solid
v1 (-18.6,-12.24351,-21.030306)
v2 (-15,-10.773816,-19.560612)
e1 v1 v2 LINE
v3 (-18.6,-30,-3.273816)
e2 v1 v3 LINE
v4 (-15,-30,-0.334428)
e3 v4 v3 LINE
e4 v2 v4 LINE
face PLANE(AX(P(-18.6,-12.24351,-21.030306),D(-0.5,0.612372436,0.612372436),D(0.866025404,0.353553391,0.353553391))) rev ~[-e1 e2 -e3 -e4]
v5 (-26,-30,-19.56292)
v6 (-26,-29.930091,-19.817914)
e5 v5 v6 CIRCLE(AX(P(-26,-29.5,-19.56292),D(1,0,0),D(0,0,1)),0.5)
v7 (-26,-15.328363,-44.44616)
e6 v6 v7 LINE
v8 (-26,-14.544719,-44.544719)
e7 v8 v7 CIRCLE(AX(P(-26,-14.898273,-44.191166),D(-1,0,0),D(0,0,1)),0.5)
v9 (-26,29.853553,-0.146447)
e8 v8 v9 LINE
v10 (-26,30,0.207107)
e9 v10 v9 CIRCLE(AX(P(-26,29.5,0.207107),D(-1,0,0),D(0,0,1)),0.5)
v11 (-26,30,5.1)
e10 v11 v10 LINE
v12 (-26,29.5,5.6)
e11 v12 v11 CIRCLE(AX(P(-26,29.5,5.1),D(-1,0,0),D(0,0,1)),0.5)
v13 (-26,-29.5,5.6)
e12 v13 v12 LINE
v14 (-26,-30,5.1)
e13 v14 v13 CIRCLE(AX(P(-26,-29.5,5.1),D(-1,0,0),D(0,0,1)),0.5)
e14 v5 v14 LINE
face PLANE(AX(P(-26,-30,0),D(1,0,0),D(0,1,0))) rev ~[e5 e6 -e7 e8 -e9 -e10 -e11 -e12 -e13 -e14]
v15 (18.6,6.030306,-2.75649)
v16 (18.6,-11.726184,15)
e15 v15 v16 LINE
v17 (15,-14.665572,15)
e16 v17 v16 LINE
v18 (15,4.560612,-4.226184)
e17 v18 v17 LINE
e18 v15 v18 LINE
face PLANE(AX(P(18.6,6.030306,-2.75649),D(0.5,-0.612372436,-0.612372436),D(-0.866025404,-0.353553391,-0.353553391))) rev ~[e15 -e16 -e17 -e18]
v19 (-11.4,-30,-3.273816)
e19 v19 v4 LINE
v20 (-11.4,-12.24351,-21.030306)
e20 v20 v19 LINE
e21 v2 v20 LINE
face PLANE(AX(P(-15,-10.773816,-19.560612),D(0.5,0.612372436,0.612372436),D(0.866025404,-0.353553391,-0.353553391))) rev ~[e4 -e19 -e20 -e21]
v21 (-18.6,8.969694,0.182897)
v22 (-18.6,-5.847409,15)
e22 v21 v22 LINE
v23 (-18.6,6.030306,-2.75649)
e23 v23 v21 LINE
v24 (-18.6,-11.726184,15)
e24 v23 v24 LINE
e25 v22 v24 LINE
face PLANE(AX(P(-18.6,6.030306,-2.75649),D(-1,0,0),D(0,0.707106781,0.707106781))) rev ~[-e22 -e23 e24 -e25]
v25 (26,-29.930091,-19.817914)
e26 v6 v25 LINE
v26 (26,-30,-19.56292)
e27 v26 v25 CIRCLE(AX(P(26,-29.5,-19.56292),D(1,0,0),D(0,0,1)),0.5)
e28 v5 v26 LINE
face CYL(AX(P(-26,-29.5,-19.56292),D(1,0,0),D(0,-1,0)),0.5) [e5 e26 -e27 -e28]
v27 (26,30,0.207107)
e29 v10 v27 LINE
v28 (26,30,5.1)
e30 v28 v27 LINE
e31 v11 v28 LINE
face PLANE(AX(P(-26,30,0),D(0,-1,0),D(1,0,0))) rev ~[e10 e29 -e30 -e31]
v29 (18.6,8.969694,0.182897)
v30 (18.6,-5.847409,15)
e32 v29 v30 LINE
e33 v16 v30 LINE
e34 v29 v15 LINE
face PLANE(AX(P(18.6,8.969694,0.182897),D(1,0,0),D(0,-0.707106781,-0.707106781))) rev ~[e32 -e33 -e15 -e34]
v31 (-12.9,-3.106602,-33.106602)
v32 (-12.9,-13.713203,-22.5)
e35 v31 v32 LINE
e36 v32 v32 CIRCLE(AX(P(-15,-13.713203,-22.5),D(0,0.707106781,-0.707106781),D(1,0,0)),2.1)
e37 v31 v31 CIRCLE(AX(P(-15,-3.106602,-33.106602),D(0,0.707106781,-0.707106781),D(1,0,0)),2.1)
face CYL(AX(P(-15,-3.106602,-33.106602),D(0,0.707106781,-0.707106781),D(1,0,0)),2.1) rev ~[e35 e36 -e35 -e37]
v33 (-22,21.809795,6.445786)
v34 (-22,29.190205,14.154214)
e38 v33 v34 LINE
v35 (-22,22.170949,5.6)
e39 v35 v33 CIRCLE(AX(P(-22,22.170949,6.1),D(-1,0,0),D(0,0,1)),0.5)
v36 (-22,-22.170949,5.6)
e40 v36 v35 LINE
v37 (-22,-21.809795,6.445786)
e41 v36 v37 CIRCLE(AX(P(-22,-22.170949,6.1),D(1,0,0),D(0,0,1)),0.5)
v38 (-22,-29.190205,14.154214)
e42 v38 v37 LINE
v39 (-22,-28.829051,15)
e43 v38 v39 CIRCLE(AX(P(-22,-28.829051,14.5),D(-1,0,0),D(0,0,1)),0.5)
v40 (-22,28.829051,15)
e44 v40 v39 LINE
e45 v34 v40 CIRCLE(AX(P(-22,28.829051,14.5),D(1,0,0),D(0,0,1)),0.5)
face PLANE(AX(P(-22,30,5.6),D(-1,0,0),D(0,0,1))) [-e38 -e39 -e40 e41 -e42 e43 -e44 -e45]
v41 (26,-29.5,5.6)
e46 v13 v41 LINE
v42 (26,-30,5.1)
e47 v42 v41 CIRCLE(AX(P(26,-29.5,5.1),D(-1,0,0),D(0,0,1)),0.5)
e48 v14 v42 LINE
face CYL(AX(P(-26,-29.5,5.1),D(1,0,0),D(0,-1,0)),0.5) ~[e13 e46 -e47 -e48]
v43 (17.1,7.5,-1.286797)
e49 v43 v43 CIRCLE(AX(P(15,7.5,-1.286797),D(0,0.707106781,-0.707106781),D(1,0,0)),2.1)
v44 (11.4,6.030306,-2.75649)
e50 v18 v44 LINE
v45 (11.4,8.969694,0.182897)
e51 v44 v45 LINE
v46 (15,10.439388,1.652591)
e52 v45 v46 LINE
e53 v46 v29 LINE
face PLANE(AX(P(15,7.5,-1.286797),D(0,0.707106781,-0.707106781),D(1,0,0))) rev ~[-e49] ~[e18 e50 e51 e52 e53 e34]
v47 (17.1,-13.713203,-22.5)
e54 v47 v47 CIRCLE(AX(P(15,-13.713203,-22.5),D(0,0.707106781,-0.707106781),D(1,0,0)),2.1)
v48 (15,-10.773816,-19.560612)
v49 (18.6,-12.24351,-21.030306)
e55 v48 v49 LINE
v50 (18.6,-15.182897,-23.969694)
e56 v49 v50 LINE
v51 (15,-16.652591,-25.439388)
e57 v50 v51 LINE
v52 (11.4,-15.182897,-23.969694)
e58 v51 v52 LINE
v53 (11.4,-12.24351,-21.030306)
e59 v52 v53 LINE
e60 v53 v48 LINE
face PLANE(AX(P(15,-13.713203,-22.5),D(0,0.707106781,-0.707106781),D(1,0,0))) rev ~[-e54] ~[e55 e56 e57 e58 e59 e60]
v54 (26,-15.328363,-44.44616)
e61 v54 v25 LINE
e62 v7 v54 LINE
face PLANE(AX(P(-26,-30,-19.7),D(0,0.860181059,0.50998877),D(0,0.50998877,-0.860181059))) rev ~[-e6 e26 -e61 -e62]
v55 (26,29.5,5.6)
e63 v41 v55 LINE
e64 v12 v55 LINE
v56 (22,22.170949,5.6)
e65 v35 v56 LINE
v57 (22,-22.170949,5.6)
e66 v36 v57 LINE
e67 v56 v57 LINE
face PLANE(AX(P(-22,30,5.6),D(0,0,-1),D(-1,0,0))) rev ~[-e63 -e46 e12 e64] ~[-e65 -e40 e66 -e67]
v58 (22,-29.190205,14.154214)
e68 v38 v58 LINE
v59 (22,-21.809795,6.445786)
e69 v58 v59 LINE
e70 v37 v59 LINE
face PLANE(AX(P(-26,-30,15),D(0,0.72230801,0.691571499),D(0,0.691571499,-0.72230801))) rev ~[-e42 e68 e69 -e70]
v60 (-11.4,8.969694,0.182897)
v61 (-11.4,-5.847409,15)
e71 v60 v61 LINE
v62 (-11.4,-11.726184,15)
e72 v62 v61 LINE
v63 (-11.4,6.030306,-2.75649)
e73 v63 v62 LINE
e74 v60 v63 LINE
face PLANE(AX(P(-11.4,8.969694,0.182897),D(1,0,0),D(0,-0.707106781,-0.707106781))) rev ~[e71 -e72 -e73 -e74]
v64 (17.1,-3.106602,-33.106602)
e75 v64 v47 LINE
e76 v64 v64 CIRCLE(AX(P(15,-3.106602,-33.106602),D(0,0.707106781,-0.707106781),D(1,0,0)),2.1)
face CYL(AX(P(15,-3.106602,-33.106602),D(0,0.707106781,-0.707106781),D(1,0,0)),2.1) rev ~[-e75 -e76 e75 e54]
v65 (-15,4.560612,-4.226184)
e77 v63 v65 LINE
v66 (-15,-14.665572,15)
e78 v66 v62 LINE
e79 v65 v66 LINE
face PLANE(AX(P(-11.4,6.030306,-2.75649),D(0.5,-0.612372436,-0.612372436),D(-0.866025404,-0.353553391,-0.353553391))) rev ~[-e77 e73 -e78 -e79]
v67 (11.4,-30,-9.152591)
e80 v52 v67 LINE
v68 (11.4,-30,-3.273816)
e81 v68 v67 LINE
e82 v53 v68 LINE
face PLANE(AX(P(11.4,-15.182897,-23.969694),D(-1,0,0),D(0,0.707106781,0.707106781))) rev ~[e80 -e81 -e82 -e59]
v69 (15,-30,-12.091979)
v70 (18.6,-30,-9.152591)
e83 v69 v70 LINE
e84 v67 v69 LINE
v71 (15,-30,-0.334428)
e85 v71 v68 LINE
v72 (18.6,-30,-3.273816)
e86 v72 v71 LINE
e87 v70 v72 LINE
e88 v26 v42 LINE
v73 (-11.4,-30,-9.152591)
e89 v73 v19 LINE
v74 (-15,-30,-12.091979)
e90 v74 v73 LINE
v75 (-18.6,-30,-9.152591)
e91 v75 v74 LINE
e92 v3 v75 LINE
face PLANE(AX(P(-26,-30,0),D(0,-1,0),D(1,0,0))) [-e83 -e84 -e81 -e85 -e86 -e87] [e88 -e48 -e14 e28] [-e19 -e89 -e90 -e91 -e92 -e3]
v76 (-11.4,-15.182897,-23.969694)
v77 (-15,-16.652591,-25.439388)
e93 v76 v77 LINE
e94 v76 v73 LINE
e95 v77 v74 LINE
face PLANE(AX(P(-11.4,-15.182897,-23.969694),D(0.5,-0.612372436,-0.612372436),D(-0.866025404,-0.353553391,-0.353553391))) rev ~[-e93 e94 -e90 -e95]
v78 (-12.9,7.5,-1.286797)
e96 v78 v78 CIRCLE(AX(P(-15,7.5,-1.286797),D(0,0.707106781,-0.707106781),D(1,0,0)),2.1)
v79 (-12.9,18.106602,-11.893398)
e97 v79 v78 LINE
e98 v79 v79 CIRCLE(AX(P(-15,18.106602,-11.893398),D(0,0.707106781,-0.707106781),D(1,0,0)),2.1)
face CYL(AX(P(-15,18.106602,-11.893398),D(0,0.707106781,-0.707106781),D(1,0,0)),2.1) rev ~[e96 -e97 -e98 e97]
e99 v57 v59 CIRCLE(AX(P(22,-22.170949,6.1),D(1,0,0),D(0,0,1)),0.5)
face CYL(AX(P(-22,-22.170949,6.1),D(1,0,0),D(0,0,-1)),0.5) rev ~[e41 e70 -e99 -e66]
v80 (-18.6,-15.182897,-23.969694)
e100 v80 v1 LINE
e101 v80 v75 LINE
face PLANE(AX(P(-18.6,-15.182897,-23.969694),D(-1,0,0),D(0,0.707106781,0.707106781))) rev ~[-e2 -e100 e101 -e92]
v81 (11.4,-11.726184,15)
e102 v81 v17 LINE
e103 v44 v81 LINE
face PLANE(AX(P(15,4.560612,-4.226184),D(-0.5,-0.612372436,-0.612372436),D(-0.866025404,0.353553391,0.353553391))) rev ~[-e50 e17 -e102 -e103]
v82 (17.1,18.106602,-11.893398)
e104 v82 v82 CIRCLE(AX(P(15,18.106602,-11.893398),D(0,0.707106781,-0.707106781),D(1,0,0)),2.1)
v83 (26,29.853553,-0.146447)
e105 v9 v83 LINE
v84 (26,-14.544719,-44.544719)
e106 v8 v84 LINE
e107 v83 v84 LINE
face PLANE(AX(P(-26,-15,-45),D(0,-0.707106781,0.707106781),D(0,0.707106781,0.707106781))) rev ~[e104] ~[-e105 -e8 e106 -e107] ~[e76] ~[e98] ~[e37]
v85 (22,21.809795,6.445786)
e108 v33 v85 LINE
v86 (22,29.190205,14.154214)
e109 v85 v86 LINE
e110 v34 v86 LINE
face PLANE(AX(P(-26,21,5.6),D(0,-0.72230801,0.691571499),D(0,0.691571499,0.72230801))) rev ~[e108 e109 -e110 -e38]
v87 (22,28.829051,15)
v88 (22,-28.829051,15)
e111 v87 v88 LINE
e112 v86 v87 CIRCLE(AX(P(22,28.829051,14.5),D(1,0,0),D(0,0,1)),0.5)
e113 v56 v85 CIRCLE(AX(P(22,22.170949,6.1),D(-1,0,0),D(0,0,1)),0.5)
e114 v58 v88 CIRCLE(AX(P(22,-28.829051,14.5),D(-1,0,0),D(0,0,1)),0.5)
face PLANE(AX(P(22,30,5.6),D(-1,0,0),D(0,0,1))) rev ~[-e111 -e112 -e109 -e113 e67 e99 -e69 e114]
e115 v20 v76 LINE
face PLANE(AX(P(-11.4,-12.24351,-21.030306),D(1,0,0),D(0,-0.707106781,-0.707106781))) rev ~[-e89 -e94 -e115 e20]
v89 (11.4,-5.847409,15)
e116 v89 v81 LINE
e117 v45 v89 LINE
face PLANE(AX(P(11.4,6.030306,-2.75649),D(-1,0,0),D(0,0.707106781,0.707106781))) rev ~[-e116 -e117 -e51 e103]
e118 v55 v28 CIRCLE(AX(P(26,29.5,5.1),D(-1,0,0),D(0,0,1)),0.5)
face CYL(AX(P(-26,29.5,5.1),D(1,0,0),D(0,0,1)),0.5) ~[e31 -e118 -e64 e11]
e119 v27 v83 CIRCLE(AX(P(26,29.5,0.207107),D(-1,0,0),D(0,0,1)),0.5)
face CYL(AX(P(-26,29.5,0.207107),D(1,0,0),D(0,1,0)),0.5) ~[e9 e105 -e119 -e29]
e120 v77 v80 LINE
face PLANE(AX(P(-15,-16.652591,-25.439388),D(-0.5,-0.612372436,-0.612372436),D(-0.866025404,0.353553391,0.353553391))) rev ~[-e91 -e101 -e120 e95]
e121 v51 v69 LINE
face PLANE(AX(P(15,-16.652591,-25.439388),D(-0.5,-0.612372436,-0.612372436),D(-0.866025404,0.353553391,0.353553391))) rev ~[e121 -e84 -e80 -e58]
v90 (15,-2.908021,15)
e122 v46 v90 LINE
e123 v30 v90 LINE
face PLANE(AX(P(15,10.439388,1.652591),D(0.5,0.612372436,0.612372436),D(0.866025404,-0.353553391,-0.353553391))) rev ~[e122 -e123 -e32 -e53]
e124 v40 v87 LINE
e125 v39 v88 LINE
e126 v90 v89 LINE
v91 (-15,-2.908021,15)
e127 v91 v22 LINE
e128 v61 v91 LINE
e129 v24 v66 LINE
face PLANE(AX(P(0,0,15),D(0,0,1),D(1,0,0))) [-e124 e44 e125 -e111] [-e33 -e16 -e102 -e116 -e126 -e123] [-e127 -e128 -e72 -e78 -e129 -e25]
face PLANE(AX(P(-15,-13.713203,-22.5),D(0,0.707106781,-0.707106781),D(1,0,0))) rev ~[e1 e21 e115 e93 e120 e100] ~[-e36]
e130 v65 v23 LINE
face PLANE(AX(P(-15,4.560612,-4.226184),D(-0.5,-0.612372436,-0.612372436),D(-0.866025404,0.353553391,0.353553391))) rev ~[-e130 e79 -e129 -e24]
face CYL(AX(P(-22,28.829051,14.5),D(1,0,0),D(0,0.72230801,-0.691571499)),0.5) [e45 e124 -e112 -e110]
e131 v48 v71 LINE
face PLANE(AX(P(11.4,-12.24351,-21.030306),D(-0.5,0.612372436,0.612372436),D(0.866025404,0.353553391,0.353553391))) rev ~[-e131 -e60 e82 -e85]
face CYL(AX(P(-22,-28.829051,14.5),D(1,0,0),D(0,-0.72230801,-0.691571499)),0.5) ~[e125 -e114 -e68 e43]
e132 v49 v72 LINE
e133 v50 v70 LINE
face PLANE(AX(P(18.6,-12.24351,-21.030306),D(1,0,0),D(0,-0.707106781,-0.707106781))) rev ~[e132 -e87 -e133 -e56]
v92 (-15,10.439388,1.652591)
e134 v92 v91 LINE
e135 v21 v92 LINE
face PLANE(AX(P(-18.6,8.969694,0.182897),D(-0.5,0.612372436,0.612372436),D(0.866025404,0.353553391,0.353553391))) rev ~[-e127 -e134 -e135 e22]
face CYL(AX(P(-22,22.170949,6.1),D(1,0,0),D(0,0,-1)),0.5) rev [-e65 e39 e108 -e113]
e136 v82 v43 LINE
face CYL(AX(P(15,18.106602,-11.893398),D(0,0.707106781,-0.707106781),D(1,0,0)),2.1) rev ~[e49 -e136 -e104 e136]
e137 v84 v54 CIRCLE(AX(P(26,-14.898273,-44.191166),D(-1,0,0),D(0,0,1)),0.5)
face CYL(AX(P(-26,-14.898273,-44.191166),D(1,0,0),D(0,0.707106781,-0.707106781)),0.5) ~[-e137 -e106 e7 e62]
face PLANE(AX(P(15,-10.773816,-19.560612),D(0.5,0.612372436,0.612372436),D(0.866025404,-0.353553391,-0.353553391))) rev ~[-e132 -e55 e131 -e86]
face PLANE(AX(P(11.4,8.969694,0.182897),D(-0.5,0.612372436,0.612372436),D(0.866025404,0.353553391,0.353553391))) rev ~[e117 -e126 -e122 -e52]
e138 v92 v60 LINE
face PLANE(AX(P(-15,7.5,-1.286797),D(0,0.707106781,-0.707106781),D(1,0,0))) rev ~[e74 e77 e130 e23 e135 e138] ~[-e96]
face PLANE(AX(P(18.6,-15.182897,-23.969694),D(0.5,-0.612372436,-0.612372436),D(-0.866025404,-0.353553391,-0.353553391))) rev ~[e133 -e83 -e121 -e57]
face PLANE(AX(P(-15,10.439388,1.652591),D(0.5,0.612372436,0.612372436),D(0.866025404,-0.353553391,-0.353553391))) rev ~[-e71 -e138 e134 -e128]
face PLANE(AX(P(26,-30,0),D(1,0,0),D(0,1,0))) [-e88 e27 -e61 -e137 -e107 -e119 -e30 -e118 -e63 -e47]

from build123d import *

# Parameters (mm, degrees)
F0_W      = 52
F0_H      = 60
F1_DEPTH  = 15
F3_W      = 4
F3_H      = 9.4
F4_DEPTH  = 60
F5_DEPTH  = 56.9
F6_DEPTH  = 45
F8_DEPTH  = 63.8
F9_R      = 2.1
F10_DEPTH = 101.4
F11_START = -15
F11_DEPTH = 49.6
F13_DEPTH = 115.6
F14_R     = 0.5


with BuildPart() as f1:
    # F0 (on Top) → F1 (new body)
    with BuildSketch(Plane.XY):
        Rectangle(F0_W, F0_H)
    extrude(amount=F1_DEPTH)

    # F3 (on face) → F4 (cut, through all)
    with BuildSketch(Plane(origin=(0, 30, 0), x_dir=(-1, 0, 0), z_dir=(0, 1, 0))):
        with Locations((-24, 10.3)):
            Rectangle(F3_W, F3_H)
        with Locations((24, 10.3)):
            Rectangle(F3_W, F3_H)
    extrude(amount=-F4_DEPTH, mode=Mode.SUBTRACT)

    # F2 (on face) → F5 (cut)
    with BuildSketch(Plane(origin=(-26, 0, 0), x_dir=(0, -1, 0), z_dir=(-1, 0, 0))):
        Polygon((-21, 5.6), (-30, 15), (-30, 5.6), align=None)
        Polygon((30, 5.6), (30, 15), (21, 5.6), align=None)
    extrude(amount=-F5_DEPTH, mode=Mode.SUBTRACT)

    # F6 (add): a face of the model
    f6_faces = [f1.faces().sort_by_distance(p)[0] for p in [
        (0, 0, 0),
    ]]
    extrude(f6_faces, amount=F6_DEPTH)

    # F7 (on face) → F8 (cut)
    with BuildSketch(Plane(origin=(-26, 0, 0), x_dir=(0, -1, 0), z_dir=(-1, 0, 0))):
        Polygon((15, -45), (-30, 0), (-30, -45), align=None)
    extrude(amount=-F8_DEPTH, mode=Mode.SUBTRACT)

    # F9 (on face) → F10 (cut)
    with BuildSketch(Plane(origin=(0, 15, -15), x_dir=(1, 0, 0), z_dir=(0, 0.7071067812, -0.7071067812))):
        with Locations((-15, -4.3933982822)):
            Circle(F9_R)
        with Locations((-15, 25.6066017178)):
            Circle(F9_R)
        with Locations((15, -4.3933982822)):
            Circle(F9_R)
        with Locations((15, 25.6066017178)):
            Circle(F9_R)
    extrude(amount=-F10_DEPTH, mode=Mode.SUBTRACT)

    # F9 (on face) → F11 (cut)
    with BuildSketch(Plane(origin=(0, 15, -15), x_dir=(1, 0, 0), z_dir=(0, 0.7071067812, -0.7071067812)).offset(F11_START)):
        Polygon((-11.4, -6.4718592513), (-11.4, -2.3149373131), (-15, -0.236476344), (-18.6, -2.3149373131), (-18.6, -6.4718592513), (-15, -8.5503202204), align=None)
        with Locations((-15, -4.3933982822)):
            Circle(F9_R, mode=Mode.SUBTRACT)
        Polygon((-11.4, 23.5281407487), (-11.4, 27.6850626869), (-15, 29.763523656), (-18.6, 27.6850626869), (-18.6, 23.5281407487), (-15, 21.4496797796), align=None)
        with Locations((-15, 25.6066017178)):
            Circle(F9_R, mode=Mode.SUBTRACT)
        Polygon((11.4, 27.6850626869), (11.4, 23.5281407487), (15, 21.4496797796), (18.6, 23.5281407487), (18.6, 27.6850626869), (15, 29.763523656), align=None)
        with Locations((15, 25.6066017178)):
            Circle(F9_R, mode=Mode.SUBTRACT)
        Polygon((11.4, -2.3149373131), (11.4, -6.4718592513), (15, -8.5503202204), (18.6, -6.4718592513), (18.6, -2.3149373131), (15, -0.236476344), align=None)
        with Locations((15, -4.3933982822)):
            Circle(F9_R, mode=Mode.SUBTRACT)
    extrude(amount=-F11_DEPTH, mode=Mode.SUBTRACT)

    # F12 (on face) → F13 (cut)
    with BuildSketch(Plane(origin=(-26, 0, 0), x_dir=(0, -1, 0), z_dir=(-1, 0, 0))):
        Polygon((30, -19.7), (15, -45), (30, -45), align=None)
    extrude(amount=-F13_DEPTH, mode=Mode.SUBTRACT)

    # F14
    f14_edges = [f1.edges().sort_by_distance(p)[0] for p in [
        (0, -30, 5.6),
        (0, -30, -19.7),
        (0, 30, 5.6),
        (0, -30, 15),
        (0, 30, 15),
        (0, -21, 5.6),
        (0, 21, 5.6),
        (0, 30, 0),
        (0, -15, -45),
    ]]
    fillet(f14_edges, radius=F14_R)


solid = f1.part
